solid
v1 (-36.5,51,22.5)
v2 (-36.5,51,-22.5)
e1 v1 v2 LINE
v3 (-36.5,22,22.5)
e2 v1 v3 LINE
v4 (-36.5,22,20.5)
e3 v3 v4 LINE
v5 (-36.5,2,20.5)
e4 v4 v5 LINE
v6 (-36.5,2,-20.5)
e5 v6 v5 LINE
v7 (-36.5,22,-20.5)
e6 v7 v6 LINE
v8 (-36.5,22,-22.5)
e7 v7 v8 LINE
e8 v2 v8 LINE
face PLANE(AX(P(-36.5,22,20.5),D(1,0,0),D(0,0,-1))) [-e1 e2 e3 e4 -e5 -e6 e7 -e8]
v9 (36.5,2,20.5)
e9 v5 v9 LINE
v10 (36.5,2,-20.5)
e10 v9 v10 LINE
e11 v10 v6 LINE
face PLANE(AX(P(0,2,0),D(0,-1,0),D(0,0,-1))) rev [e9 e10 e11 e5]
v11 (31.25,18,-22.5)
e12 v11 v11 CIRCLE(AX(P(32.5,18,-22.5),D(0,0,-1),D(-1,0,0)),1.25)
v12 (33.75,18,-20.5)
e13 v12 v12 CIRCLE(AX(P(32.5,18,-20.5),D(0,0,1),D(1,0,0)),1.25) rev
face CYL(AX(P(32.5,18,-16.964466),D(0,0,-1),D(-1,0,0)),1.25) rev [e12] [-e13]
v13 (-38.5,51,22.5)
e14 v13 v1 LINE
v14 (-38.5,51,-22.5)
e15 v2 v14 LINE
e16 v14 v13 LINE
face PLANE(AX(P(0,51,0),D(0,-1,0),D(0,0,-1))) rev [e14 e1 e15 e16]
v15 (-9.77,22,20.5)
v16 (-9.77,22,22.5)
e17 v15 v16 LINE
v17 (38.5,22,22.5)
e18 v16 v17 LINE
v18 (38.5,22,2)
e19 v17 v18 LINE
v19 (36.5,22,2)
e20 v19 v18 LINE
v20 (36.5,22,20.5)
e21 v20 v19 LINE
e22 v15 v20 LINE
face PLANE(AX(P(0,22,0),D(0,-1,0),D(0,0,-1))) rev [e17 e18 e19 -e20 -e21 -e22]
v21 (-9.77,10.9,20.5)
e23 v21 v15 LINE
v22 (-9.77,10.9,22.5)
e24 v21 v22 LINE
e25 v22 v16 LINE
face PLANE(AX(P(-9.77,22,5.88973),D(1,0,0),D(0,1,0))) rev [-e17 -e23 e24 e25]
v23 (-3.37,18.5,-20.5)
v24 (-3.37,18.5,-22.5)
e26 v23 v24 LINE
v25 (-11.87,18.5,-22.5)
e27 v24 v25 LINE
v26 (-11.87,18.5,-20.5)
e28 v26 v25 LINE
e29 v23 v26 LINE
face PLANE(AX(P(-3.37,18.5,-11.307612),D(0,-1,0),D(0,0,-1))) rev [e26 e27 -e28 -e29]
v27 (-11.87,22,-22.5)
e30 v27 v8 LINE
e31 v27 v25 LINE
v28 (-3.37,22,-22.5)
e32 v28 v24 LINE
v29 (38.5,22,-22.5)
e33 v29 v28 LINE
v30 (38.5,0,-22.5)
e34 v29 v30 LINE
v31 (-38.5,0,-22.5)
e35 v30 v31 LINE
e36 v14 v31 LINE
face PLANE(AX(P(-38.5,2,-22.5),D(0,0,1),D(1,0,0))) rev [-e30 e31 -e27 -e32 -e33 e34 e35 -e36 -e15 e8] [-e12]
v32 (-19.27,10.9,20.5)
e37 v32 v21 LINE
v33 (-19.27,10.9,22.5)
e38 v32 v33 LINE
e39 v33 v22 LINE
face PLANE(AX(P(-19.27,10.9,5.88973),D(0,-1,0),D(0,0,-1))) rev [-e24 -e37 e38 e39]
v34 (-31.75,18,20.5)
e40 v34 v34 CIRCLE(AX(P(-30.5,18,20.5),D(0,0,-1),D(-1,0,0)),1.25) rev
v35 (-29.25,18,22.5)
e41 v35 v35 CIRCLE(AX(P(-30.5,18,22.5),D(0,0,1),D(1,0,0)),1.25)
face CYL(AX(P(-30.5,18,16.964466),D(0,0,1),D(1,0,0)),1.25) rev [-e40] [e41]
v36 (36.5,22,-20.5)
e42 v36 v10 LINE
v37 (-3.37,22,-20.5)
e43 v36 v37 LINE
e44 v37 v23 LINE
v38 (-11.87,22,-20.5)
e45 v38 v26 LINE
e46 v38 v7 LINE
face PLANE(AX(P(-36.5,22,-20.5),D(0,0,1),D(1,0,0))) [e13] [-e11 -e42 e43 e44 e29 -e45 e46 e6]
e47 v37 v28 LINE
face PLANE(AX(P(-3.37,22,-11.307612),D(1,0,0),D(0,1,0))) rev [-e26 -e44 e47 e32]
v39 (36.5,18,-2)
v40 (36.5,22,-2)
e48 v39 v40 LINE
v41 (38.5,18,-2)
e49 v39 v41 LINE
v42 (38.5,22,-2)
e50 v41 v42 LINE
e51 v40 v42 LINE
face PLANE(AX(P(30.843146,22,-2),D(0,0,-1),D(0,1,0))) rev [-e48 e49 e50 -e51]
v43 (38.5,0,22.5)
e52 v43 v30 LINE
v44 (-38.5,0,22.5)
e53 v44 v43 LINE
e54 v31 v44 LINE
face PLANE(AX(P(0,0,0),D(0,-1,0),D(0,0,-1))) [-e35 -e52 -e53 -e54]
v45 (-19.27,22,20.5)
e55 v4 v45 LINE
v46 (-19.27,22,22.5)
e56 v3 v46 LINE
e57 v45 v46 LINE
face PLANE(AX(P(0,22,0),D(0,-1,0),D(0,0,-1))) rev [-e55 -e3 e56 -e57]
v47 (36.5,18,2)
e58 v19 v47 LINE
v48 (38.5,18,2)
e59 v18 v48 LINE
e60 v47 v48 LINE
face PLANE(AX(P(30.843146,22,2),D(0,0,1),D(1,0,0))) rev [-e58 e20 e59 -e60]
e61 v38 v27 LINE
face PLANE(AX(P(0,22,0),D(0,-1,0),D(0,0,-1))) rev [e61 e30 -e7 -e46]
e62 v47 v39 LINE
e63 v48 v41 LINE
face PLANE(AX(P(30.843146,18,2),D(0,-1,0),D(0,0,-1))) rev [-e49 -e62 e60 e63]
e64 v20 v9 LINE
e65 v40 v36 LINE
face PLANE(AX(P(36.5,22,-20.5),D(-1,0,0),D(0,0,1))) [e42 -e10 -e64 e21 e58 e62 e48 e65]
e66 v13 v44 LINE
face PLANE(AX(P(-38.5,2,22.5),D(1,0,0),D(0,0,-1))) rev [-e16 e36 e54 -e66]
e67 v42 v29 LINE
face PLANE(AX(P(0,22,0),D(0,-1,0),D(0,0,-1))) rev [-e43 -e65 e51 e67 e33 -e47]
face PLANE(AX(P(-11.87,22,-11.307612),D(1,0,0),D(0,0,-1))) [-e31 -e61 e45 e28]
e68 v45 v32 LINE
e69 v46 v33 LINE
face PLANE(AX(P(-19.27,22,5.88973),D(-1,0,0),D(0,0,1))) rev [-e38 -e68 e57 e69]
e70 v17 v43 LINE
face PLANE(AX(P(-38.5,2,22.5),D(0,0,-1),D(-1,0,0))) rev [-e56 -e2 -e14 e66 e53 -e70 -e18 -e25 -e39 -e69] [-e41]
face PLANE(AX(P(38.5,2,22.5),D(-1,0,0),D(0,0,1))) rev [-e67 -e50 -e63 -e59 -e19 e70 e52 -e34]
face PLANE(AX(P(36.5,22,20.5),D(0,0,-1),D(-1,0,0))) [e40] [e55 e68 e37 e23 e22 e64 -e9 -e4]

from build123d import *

# Parameters (mm, degrees)
SKETCH1_W           = 77
SKETCH1_H           = 45
BOSS_EXTRUDE1_DEPTH = 2
SKETCH2_W           = 77
SKETCH2_H           = 45
SKETCH2_W_2         = 73
SKETCH2_H_2         = 41
BOSS_EXTRUDE2_DEPTH = 20
SKETCH3_W           = 2
SKETCH3_H           = 45
BOSS_EXTRUDE3_DEPTH = 29
SKETCH4_R           = 1.25
CUT_EXTRUDE1_DEPTH  = 2
SKETCH5_R           = 1.25
CUT_EXTRUDE2_DEPTH  = 2
SKETCH6_W           = 9.5
SKETCH6_H           = 11.1
CUT_EXTRUDE3_DEPTH  = 2
SKETCH7_W           = 8.5
SKETCH7_H           = 3.5
CUT_EXTRUDE4_DEPTH  = 2
SKETCH8_W           = 4
SKETCH8_H           = 4
CUT_EXTRUDE5_DEPTH  = 2


with BuildPart() as part:
    # Sketch1 → Boss-Extrude1 (new body)
    with BuildSketch(Plane(origin=(0, 0, 0), x_dir=(1, 0, 0), z_dir=(0, 1, 0))):
        Rectangle(SKETCH1_W, SKETCH1_H)
    extrude(amount=BOSS_EXTRUDE1_DEPTH)

    # Sketch2 → Boss-Extrude2 (add)
    with BuildSketch(Plane(origin=(0, 2, 0), x_dir=(1, 0, 0), z_dir=(0, 1, 0))):
        Rectangle(SKETCH2_W, SKETCH2_H)
        Rectangle(SKETCH2_W_2, SKETCH2_H_2, mode=Mode.SUBTRACT)
    extrude(amount=BOSS_EXTRUDE2_DEPTH)

    # Sketch3 → Boss-Extrude3 (add)
    with BuildSketch(Plane(origin=(0, 22, 0), x_dir=(1, 0, 0), z_dir=(0, 1, 0))):
        with Locations((-37.5, 0)):
            Rectangle(SKETCH3_W, SKETCH3_H)
    extrude(amount=BOSS_EXTRUDE3_DEPTH)

    # Sketch4 → Cut-Extrude1 (cut)
    with BuildSketch(Plane(origin=(0, 0, -22.5), x_dir=(-1, 0, 0), z_dir=(0, 0, -1))):
        with Locations((-32.5, 18)):
            Circle(SKETCH4_R)
    extrude(amount=-CUT_EXTRUDE1_DEPTH, mode=Mode.SUBTRACT)

    # Sketch5 → Cut-Extrude2 (cut)
    with BuildSketch(Plane.XY.offset(22.5)):
        with Locations((-30.5, 18)):
            Circle(SKETCH5_R)
    extrude(amount=-CUT_EXTRUDE2_DEPTH, mode=Mode.SUBTRACT)

    # Sketch6 → Cut-Extrude3 (cut)
    with BuildSketch(Plane.XY.offset(22.5)):
        with Locations((-14.52, 16.45)):
            Rectangle(SKETCH6_W, SKETCH6_H)
    extrude(amount=-CUT_EXTRUDE3_DEPTH, mode=Mode.SUBTRACT)

    # Sketch7 → Cut-Extrude4 (cut)
    with BuildSketch(Plane(origin=(0, 0, -22.5), x_dir=(-1, 0, 0), z_dir=(0, 0, -1))):
        with Locations((7.62, 20.25)):
            Rectangle(SKETCH7_W, SKETCH7_H)
    extrude(amount=-CUT_EXTRUDE4_DEPTH, mode=Mode.SUBTRACT)

    # Sketch8 → Cut-Extrude5 (cut)
    with BuildSketch(Plane(origin=(38.5, 0, 0), x_dir=(0, 0, -1), z_dir=(1, 0, 0))):
        with Locations((0, 20)):
            Rectangle(SKETCH8_W, SKETCH8_H)
    extrude(amount=-CUT_EXTRUDE5_DEPTH, mode=Mode.SUBTRACT)


solid = part.part
